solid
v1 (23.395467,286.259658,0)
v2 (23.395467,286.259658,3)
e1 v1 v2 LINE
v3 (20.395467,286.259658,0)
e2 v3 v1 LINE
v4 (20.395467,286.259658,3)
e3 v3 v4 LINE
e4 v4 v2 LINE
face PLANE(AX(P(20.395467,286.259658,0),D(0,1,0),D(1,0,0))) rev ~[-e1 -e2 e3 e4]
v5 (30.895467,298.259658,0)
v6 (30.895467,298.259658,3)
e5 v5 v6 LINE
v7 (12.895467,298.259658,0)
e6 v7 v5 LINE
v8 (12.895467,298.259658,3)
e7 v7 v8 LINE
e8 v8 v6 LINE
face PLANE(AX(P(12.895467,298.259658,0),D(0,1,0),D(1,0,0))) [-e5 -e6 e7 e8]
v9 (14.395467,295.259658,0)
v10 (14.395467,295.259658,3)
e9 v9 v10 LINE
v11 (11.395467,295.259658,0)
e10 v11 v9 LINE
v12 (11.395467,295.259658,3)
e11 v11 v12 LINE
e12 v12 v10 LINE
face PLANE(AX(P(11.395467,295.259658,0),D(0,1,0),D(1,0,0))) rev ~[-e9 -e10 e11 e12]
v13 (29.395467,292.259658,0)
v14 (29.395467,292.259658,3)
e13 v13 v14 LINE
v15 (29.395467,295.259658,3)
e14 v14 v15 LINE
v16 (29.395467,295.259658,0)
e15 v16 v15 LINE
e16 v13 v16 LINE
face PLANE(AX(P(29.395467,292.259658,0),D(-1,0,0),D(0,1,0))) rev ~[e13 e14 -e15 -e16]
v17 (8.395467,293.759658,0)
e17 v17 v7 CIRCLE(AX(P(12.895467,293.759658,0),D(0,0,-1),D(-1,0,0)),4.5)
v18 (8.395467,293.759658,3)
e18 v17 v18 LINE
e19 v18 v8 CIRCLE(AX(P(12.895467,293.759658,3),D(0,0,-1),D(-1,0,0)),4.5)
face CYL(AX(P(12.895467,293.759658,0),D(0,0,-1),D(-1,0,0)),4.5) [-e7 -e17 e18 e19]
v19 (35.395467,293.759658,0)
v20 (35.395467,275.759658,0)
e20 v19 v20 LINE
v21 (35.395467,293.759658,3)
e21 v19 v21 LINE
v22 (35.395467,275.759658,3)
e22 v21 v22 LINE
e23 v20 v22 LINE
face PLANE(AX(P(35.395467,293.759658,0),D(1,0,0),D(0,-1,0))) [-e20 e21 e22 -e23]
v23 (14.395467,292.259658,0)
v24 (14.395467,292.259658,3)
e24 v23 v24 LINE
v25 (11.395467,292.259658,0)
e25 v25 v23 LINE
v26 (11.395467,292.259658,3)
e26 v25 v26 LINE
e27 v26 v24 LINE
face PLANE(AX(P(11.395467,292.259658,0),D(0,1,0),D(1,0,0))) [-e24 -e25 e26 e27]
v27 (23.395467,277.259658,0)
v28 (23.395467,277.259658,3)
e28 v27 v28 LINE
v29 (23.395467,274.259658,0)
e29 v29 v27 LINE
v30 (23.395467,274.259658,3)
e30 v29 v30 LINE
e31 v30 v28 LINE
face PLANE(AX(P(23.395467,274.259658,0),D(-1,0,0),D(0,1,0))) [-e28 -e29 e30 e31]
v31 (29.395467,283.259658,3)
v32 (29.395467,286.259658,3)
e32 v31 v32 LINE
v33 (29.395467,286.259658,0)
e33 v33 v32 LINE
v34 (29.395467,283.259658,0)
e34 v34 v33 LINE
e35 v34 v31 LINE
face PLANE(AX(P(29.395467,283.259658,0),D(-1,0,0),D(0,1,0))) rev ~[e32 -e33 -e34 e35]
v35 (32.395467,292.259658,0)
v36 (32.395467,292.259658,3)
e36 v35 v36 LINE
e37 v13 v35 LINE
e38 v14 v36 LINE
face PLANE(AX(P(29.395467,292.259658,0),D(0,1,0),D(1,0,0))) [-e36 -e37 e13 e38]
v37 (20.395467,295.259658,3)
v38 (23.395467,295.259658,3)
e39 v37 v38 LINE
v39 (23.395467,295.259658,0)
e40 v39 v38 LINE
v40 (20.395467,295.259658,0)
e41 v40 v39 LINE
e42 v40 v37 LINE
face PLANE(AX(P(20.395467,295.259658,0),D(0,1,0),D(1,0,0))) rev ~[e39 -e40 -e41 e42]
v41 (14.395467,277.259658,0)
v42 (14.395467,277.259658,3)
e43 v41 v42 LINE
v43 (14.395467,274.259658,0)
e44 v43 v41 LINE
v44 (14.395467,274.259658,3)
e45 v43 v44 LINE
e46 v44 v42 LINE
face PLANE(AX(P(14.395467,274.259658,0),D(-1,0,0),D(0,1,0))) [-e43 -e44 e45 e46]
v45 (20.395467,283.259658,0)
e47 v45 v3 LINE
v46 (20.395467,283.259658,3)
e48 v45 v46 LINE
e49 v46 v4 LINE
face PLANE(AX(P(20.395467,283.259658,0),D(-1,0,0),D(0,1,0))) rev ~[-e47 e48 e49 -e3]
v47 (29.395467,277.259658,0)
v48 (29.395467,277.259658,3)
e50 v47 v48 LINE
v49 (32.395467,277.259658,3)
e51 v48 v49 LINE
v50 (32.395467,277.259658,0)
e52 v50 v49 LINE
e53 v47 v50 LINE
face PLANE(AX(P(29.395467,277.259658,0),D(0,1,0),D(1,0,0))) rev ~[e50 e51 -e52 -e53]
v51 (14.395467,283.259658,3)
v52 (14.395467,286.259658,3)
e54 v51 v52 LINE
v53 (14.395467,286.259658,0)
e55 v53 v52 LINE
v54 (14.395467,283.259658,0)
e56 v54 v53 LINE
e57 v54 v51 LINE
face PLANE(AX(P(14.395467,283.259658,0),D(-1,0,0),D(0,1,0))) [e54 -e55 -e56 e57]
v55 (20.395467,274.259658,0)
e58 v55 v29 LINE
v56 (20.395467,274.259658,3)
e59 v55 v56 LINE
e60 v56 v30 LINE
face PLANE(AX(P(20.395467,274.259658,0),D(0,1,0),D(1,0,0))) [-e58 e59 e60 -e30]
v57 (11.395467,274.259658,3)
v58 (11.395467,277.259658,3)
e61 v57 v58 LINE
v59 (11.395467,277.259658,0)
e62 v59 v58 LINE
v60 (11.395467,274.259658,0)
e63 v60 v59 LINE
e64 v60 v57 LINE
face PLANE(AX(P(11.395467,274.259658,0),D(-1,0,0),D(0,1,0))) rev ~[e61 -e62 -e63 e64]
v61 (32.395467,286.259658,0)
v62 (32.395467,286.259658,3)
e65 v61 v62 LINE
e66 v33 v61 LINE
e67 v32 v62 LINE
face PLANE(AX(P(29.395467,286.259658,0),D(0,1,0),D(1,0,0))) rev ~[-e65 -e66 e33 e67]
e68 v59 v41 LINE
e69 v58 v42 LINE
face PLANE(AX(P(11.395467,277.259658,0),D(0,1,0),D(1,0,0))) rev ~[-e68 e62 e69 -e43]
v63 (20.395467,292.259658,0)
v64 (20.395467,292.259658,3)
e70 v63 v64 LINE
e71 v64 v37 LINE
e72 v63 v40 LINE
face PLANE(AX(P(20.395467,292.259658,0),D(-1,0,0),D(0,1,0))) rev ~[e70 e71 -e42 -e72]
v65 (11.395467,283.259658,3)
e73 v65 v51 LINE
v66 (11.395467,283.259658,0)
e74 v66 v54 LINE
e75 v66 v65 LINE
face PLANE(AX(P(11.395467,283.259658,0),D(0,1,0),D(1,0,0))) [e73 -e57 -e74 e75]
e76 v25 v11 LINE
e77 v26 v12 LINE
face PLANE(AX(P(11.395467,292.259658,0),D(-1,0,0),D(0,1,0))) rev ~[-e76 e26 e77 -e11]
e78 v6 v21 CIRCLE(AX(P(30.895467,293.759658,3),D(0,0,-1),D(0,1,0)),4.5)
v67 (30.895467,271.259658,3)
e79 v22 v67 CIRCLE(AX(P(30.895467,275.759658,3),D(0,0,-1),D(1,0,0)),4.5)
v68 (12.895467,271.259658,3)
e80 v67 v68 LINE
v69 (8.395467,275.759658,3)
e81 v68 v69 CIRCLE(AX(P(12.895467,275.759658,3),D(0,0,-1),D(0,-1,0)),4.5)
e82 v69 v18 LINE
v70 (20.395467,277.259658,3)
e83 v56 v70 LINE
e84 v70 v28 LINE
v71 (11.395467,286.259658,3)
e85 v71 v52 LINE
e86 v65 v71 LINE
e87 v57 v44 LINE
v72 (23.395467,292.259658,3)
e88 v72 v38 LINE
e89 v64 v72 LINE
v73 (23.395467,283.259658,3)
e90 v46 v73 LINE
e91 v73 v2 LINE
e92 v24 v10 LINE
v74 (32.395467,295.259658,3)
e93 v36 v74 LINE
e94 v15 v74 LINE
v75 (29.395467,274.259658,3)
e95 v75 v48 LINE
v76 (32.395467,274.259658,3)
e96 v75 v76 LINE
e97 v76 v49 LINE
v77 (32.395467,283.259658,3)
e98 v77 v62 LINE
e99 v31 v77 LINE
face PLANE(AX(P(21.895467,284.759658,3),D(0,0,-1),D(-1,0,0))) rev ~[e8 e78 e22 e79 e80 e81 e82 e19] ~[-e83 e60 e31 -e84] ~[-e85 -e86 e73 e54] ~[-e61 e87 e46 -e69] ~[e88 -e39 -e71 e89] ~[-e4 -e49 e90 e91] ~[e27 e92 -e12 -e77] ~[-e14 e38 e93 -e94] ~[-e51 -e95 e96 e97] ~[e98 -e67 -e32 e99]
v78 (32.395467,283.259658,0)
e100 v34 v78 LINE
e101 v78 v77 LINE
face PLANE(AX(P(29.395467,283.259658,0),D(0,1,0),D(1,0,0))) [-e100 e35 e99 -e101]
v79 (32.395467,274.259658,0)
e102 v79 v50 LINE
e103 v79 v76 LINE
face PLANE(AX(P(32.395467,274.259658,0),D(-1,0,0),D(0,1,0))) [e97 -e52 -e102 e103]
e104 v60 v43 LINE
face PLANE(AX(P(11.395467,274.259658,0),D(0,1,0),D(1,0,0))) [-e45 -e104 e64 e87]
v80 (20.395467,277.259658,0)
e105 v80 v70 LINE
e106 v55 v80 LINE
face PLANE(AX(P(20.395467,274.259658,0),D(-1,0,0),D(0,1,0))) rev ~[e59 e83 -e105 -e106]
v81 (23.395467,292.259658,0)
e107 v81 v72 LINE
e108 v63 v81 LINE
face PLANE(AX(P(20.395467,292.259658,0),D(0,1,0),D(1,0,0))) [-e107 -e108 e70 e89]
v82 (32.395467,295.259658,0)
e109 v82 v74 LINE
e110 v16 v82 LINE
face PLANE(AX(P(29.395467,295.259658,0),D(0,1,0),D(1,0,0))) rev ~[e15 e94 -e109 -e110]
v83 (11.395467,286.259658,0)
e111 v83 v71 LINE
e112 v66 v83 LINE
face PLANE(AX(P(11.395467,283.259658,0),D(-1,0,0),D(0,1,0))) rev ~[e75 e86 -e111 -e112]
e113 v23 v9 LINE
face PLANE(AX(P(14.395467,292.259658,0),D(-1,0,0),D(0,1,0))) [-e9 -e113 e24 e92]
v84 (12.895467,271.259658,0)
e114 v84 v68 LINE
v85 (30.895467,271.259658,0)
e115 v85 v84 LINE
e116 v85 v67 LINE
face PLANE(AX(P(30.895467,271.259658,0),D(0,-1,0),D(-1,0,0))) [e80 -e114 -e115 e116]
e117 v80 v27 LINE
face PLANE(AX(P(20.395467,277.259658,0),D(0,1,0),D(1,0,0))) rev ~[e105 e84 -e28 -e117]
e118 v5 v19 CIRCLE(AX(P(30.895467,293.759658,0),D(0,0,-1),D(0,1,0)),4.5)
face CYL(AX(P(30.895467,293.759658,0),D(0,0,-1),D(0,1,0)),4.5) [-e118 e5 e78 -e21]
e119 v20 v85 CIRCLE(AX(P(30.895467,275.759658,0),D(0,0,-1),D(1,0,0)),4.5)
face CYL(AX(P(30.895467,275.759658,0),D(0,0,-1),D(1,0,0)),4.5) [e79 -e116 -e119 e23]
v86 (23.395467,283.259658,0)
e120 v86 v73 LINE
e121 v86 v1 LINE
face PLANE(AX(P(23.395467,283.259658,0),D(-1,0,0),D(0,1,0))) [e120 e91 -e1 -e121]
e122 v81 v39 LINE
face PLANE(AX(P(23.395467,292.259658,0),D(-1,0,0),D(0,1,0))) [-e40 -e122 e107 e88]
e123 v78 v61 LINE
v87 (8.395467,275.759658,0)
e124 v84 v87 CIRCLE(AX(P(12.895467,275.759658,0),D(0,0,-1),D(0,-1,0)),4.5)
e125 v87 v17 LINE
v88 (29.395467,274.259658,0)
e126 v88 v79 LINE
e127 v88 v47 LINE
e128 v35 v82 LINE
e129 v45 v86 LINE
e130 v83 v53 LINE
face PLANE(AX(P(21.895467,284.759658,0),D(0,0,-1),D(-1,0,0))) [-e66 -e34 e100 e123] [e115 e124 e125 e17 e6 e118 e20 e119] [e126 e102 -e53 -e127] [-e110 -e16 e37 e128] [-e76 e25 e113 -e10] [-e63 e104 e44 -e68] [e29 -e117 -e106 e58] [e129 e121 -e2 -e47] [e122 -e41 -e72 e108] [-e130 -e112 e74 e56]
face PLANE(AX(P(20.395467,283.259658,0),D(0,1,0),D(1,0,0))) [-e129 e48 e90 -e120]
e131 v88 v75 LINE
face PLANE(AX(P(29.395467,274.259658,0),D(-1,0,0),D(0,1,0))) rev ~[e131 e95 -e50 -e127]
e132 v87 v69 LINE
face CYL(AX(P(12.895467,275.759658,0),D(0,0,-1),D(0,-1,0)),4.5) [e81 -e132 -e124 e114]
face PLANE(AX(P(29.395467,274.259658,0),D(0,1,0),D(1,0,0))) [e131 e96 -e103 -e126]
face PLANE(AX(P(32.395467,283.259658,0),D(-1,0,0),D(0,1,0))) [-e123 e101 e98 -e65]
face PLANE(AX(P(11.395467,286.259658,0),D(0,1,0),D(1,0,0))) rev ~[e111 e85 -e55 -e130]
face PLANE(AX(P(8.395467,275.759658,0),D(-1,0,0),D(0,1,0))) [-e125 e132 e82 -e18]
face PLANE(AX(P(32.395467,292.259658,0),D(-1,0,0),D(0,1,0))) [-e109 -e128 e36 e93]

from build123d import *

# Parameters (mm, degrees)
MODEL_W                 = 3
MODEL_H                 = 3
SALIENTE_EXTRUIR1_DEPTH = 3


with BuildPart() as part:
    # Model → Saliente-Extruir1 (new body)
    with BuildSketch(Plane.XY):
        with BuildLine():
            Line((12.895467255, 298.259658236), (30.895467255, 298.259658236))
            ThreePointArc((30.895467255, 298.259658236), (34.077447771, 296.941638751), (35.395467255, 293.759658236))
            Line((35.395467255, 293.759658236), (35.395467255, 275.759658236))
            ThreePointArc((35.395467255, 275.759658236), (34.077447771, 272.577677721), (30.895467255, 271.259658236))
            Line((30.895467255, 271.259658236), (12.895467255, 271.259658236))
            ThreePointArc((12.895467255, 271.259658236), (9.71348674, 272.577677721), (8.395467255, 275.759658236))
            Line((8.395467255, 275.759658236), (8.395467255, 293.759658236))
            ThreePointArc((8.395467255, 293.759658236), (9.71348674, 296.941638751), (12.895467255, 298.259658236))
        make_face()
        with Locations((12.895467255, 293.759658236)):
            Rectangle(MODEL_W, MODEL_H, mode=Mode.SUBTRACT)
        with Locations((21.895467255, 293.759658236)):
            Rectangle(MODEL_W, MODEL_H, mode=Mode.SUBTRACT)
        with Locations((30.895467255, 293.759658236)):
            Rectangle(MODEL_W, MODEL_H, mode=Mode.SUBTRACT)
        with Locations((12.895467255, 275.759658236)):
            Rectangle(MODEL_W, MODEL_H, mode=Mode.SUBTRACT)
        with Locations((21.895467255, 275.759658236)):
            Rectangle(MODEL_W, MODEL_H, mode=Mode.SUBTRACT)
        with Locations((30.895467255, 275.759658236)):
            Rectangle(MODEL_W, MODEL_H, mode=Mode.SUBTRACT)
        with Locations((12.895467255, 284.759658236)):
            Rectangle(MODEL_W, MODEL_H, mode=Mode.SUBTRACT)
        with Locations((21.895467255, 284.759658236)):
            Rectangle(MODEL_W, MODEL_H, mode=Mode.SUBTRACT)
        with Locations((30.895467255, 284.759658236)):
            Rectangle(MODEL_W, MODEL_H, mode=Mode.SUBTRACT)
    extrude(amount=SALIENTE_EXTRUIR1_DEPTH)


solid = part.part
